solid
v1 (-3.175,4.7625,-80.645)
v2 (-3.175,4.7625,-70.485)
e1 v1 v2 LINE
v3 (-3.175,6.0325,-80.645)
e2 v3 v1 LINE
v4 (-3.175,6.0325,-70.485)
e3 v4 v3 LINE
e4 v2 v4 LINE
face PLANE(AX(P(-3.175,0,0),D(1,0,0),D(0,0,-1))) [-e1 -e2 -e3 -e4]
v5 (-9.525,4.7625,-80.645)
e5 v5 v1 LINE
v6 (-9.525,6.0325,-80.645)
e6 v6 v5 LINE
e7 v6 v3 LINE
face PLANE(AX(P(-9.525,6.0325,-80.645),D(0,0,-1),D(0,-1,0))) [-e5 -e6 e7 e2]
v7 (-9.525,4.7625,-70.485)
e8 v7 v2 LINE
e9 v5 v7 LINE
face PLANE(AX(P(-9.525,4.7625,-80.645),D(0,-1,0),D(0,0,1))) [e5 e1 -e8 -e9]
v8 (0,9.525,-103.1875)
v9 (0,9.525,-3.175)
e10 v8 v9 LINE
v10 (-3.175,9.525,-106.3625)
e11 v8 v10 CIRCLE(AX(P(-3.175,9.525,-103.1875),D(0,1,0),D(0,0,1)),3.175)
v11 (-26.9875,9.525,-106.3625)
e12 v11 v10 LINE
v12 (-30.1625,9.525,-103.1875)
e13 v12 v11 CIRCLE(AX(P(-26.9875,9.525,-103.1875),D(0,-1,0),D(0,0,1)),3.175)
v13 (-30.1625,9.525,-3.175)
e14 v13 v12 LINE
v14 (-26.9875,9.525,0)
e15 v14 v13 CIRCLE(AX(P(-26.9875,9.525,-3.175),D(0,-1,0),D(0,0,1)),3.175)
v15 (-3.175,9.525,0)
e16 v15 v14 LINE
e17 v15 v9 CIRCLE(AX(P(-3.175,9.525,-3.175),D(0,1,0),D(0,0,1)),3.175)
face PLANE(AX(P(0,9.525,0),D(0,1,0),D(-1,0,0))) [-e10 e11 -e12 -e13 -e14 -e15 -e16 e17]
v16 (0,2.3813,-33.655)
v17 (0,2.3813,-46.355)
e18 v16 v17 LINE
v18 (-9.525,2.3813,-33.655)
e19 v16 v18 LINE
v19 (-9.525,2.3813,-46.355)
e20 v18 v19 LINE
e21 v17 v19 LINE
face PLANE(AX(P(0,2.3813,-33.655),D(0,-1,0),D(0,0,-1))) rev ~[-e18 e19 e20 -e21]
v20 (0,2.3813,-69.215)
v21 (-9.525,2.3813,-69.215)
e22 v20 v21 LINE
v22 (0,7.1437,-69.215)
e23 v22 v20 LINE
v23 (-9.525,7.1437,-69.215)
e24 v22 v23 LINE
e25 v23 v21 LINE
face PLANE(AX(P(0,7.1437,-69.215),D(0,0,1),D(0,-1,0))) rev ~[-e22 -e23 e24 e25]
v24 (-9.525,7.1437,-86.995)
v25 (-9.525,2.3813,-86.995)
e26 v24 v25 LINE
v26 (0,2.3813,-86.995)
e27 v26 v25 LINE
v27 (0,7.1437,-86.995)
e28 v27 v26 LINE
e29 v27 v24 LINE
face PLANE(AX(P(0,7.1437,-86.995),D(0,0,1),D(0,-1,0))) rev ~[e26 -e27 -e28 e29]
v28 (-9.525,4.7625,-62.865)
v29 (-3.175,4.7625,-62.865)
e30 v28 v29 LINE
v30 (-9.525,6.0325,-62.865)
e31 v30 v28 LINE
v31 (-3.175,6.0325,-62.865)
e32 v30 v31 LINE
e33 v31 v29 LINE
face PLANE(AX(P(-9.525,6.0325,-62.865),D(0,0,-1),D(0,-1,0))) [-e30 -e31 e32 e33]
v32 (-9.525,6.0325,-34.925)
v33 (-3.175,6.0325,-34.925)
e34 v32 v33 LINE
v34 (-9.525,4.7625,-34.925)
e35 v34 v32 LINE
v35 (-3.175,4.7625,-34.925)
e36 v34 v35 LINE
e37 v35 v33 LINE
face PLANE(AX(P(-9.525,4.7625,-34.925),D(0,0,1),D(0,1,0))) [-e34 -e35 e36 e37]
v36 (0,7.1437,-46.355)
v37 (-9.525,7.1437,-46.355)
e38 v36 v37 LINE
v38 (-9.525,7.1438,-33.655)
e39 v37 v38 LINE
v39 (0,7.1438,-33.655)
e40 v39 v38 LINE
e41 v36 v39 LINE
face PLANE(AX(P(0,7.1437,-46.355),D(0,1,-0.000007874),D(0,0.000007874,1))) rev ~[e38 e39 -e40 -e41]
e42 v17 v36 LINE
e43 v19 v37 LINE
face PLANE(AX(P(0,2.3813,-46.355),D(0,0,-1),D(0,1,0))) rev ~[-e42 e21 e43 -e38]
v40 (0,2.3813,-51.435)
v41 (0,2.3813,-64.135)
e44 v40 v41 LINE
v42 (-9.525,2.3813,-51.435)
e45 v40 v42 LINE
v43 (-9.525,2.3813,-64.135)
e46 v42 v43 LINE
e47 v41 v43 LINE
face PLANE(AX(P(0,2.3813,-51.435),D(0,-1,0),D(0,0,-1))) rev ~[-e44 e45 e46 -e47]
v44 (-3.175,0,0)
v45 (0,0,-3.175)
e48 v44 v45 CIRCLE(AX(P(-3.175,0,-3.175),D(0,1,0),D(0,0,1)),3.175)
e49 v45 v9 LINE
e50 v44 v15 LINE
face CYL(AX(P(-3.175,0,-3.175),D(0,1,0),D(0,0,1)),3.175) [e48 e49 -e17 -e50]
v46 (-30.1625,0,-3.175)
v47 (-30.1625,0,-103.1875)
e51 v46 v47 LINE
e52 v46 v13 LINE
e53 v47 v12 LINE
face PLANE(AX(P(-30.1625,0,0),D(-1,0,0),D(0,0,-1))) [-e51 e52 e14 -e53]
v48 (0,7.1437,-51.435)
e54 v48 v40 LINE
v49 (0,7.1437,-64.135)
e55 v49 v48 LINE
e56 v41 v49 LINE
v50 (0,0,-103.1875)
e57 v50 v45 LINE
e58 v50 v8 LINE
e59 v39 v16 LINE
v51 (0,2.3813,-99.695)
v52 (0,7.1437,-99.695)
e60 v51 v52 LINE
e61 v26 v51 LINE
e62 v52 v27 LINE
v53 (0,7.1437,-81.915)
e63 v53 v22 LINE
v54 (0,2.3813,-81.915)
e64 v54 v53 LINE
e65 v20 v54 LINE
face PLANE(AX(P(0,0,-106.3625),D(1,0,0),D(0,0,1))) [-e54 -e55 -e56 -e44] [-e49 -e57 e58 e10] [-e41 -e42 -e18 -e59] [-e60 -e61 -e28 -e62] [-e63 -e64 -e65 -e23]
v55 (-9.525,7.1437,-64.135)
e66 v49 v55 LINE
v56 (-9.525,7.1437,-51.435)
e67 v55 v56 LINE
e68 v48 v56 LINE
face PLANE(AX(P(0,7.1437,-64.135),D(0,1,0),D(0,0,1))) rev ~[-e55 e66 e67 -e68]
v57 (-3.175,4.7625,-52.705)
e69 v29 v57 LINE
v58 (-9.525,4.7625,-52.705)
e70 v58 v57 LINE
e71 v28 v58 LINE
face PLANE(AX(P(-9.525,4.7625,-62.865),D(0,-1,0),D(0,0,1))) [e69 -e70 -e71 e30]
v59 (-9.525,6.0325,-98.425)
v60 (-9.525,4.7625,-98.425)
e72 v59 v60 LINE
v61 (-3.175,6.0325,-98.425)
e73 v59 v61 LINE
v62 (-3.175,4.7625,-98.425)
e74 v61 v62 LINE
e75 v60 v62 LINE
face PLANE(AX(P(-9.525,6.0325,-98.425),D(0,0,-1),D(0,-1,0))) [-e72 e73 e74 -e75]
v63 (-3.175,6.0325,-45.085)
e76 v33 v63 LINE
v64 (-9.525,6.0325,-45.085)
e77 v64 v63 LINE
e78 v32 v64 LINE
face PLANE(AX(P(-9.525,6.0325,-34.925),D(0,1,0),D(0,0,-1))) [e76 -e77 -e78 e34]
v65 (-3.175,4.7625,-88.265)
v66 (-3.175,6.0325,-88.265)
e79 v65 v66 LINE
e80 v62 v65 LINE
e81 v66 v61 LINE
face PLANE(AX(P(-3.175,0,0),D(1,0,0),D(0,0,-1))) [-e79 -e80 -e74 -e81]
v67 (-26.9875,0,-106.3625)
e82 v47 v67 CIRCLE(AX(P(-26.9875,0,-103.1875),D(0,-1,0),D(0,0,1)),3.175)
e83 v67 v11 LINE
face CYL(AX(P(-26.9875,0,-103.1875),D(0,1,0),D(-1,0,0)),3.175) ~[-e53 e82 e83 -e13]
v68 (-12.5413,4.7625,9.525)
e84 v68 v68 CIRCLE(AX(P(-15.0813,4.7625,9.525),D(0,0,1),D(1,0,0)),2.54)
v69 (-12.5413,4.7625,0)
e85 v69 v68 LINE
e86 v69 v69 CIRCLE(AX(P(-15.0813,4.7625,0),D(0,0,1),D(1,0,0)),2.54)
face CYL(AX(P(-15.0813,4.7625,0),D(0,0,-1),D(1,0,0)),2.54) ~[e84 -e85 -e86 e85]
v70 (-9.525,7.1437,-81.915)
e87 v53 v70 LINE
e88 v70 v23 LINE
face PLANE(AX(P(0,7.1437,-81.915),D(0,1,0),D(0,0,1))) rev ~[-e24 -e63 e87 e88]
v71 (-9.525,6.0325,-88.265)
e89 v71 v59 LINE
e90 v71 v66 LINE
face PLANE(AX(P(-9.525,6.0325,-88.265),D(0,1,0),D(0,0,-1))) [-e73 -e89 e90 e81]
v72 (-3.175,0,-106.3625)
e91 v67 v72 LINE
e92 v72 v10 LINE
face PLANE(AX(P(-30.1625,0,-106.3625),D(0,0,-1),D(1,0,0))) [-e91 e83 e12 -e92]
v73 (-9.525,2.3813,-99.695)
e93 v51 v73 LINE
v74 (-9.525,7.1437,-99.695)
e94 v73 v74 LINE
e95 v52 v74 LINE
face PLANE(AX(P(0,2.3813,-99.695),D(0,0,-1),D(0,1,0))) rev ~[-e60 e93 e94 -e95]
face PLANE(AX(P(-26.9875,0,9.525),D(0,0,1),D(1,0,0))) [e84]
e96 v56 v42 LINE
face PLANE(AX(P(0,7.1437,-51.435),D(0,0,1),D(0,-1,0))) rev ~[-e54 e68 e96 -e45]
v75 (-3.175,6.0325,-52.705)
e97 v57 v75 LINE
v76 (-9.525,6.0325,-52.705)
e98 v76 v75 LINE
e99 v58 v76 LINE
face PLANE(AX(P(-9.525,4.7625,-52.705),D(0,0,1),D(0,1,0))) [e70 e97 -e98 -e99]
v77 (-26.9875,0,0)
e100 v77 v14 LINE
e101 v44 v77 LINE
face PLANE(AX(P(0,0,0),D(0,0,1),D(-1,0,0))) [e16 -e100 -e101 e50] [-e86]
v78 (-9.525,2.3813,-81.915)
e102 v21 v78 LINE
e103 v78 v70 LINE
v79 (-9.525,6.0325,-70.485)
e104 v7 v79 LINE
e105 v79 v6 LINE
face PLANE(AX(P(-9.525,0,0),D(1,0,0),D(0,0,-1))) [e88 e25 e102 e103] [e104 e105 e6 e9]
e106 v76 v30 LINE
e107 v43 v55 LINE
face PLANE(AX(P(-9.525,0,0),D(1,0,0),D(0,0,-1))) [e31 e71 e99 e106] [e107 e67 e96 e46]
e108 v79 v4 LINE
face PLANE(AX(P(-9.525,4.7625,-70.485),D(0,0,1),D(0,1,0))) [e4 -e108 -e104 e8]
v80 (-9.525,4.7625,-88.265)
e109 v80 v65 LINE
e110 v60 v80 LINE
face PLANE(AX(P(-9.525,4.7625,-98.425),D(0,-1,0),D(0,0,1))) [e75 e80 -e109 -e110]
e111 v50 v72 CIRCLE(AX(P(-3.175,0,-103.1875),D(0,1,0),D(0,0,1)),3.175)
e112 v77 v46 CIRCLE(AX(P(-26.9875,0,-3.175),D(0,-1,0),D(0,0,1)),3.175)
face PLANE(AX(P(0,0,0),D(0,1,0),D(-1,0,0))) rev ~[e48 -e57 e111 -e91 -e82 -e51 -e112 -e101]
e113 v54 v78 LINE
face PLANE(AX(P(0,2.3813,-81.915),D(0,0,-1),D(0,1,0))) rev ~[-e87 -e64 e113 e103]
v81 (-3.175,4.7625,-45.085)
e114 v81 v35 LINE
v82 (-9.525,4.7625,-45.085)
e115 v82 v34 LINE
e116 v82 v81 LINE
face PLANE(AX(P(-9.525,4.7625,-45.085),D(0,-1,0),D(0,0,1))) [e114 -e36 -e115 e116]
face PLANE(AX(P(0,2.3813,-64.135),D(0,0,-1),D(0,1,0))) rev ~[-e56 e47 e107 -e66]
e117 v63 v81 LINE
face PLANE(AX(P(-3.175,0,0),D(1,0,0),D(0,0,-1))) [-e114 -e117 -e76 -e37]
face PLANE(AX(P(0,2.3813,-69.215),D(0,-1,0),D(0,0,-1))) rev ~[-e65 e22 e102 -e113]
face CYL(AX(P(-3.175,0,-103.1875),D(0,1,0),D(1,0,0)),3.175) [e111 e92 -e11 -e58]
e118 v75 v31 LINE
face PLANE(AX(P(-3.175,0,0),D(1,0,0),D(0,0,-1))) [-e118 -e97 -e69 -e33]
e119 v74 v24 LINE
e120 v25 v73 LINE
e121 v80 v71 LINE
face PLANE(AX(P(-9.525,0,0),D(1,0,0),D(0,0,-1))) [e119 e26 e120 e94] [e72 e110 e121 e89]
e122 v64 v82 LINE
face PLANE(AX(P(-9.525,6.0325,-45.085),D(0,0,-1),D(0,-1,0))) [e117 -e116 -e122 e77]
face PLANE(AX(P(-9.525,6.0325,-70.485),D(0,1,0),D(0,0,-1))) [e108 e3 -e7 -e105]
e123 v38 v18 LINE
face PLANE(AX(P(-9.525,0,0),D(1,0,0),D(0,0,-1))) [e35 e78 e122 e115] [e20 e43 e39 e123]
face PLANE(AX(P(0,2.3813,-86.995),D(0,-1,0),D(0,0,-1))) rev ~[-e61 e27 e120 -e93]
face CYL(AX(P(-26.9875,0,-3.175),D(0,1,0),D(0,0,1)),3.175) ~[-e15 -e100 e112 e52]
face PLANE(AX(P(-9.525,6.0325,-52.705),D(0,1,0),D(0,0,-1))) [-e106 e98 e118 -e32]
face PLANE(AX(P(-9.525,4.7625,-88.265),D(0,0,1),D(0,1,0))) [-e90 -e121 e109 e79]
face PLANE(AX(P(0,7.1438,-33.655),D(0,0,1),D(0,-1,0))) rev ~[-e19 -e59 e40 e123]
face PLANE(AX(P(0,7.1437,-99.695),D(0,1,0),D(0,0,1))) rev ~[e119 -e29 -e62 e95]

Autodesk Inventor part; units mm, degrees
ref_plane "YZ Plane" through (0, 0, 0) normal (1, 0, 0) x (0, 1, 0)
ref_plane "XZ Plane" through (0, 0, 0) normal (0, 1, 0) x (-1, 0, 0)
ref_plane "XY Plane" through (0, 0, 0) normal (0, 0, 1) x (1, 0, 0)
sketch "Sketch1" plane through (0, 0, 0) normal (0, 1, 0) x (-1, 0, 0)
  line L0 (0, 0) -> (30.1625, 0)
  line L1 (30.1625, 0) -> (30.1625, -106.3625)
  line L2 (30.1625, -106.3625) -> (0, -106.3625)
  line L3 (0, -106.3625) -> (0, 0)
  dimension "d0" = 30.1625
  dimension "d1" = 106.3625
extrude "Extrusion1" add sketch "Sketch1" along normal blind 9.525
sketch "Sketch2" plane through (0, 0, 0) normal (1, 0, 0) x (0, 0, -1)
  line L0 (0, 0) -> (0, 9.525) construction
  line L1 (0, 9.525) -> (106.3625, 9.525) construction
  line L2 (106.3625, 0) -> (106.3625, 9.525) construction
  line L3 (28.575, 9.525) -> (106.3625, 9.525) construction
  line L4 (106.3625, 9.525) -> (106.3625, 0) construction
  line L5 (106.3625, 0) -> (28.575, 0) construction
  line L6 (28.575, 0) -> (28.575, 9.525) construction
  line L7 (28.575, 4.7625) -> (28.575, 0) construction
  line L8 (28.575, 4.7625) -> (28.575, 2.3813) construction
  line L9 (28.575, 2.3813) -> (33.655, 2.3813) construction
  line L10 (33.655, 2.3813) -> (46.355, 2.3813)
  line L11 (46.355, 2.3813) -> (46.355, 7.1437)
  line L12 (46.355, 7.1437) -> (33.655, 7.1438)
  line L13 (33.655, 7.1438) -> (33.655, 2.3813)
  line L14 (46.355, 2.3813) -> (51.435, 2.3813) construction
  line L15 (51.435, 2.3813) -> (64.135, 2.3813)
  line L16 (64.135, 2.3813) -> (64.135, 7.1437)
  line L17 (64.135, 7.1437) -> (51.435, 7.1437)
  line L18 (51.435, 7.1437) -> (51.435, 2.3813)
  line L19 (64.135, 2.3813) -> (69.215, 2.3813)
  line L20 (69.215, 2.3813) -> (81.915, 2.3813)
  line L21 (81.915, 2.3813) -> (81.915, 7.1437)
  line L22 (81.915, 7.1437) -> (69.215, 7.1437)
  line L23 (69.215, 7.1437) -> (69.215, 2.3813)
  line L24 (81.915, 2.3813) -> (86.995, 2.3813)
  line L25 (81.915, 7.1437) -> (81.915, 2.3813)
  line L26 (86.995, 2.3813) -> (99.695, 2.3813)
  line L27 (99.695, 2.3813) -> (99.695, 7.1437)
  line L28 (99.695, 7.1437) -> (86.995, 7.1437)
  line L29 (86.995, 7.1437) -> (86.995, 2.3813)
  dimension "d7" = 2.3813
  dimension "d9" = 12.7
  dimension "d10" = 4.7625
  dimension "d12" = 12.7
  dimension "d13" = 4.7625
  dimension "d15" = 12.7
  dimension "d16" = 4.7625
  dimension "d20" = 28.575
  dimension "d21" = 12.7
  dimension "d22" = 4.7625
  dimension "d23" = 5.08
  dimension "d24" = 5.08
  dimension "d25" = 5.08
  dimension "d26" = 5.08
extrude "Extrusion2" cut sketch "Sketch2" against normal blind 9.525
fillet "Fillet1" radius 3.175 4 edges at (0, 4.7625, 0) (-30.1625, 4.7625, 0) (-30.1625, 4.7625, -106.3625) (0, 4.7625, -106.3625)
sketch "Sketch3" plane through (-26.9875, 0, 0) normal (0, 0, 1) x (1, 0, 0)
  line L0 (0, 0) -> (23.8125, 0) construction
  line L1 (11.9062, 0) -> (11.9062, 9.525) construction
  line L2 (23.8125, 9.525) -> (0, 9.525) construction
  circle A0 centre (11.9062, 4.7625) radius 2.54
  point P0 (26.9875, 0)
  dimension "d30" = 5.08
extrude "Extrusion3" add sketch "Sketch3" along normal blind 9.525
sketch "Sketch4" plane through (-9.525, 0, 0) normal (1, 0, 0) x (0, 0, -1)
  line L0 (33.655, 2.3813) -> (33.655, 7.1438) construction
  line L1 (33.655, 4.7625) -> (99.695, 4.7625) construction
  line L2 (99.695, 7.1437) -> (99.695, 2.3813) construction
  line L3 (40.005, 4.7625) -> (34.925, 4.7625) construction
  line L4 (34.925, 4.7625) -> (34.925, 6.0325) construction
  line L5 (34.925, 6.0325) -> (40.005, 6.0325) construction
  line L6 (40.005, 6.0325) -> (40.005, 4.7625) construction
  line L7 (57.785, 4.7625) -> (52.705, 4.7625) construction
  line L8 (52.705, 4.7625) -> (52.705, 6.0325) construction
  line L9 (52.705, 6.0325) -> (57.785, 6.0325) construction
  line L10 (57.785, 6.0325) -> (57.785, 4.7625) construction
  line L11 (75.565, 4.7625) -> (70.485, 4.7625) construction
  line L12 (70.485, 4.7625) -> (70.485, 6.0325) construction
  line L13 (70.485, 6.0325) -> (75.565, 6.0325) construction
  line L14 (75.565, 6.0325) -> (75.565, 4.7625) construction
  line L15 (93.345, 4.7625) -> (88.265, 4.7625) construction
  line L16 (88.265, 4.7625) -> (88.265, 6.0325) construction
  line L17 (88.265, 6.0325) -> (93.345, 6.0325) construction
  line L18 (93.345, 6.0325) -> (93.345, 4.7625) construction
  line L19 (93.345, 4.7625) -> (98.425, 4.7625) construction
  line L20 (75.565, 4.7625) -> (80.645, 4.7625) construction
  line L21 (57.785, 4.7625) -> (62.865, 4.7625) construction
  line L22 (40.005, 4.7625) -> (45.085, 4.7625) construction
  line L23 (34.925, 6.0325) -> (45.085, 6.0325)
  line L24 (45.085, 6.0325) -> (45.085, 4.7625)
  line L25 (45.085, 4.7625) -> (34.925, 4.7625)
  line L26 (34.925, 4.7625) -> (34.925, 6.0325)
  line L27 (52.705, 6.0325) -> (62.865, 6.0325)
  line L28 (62.865, 6.0325) -> (62.865, 4.7625)
  line L29 (62.865, 4.7625) -> (52.705, 4.7625)
  line L30 (52.705, 4.7625) -> (52.705, 6.0325)
  line L31 (70.485, 6.0325) -> (80.645, 6.0325)
  line L32 (80.645, 6.0325) -> (80.645, 4.7625)
  line L33 (80.645, 4.7625) -> (70.485, 4.7625)
  line L34 (70.485, 4.7625) -> (70.485, 6.0325)
  line L35 (88.265, 6.0325) -> (98.425, 6.0325)
  line L36 (98.425, 6.0325) -> (98.425, 4.7625)
  line L37 (98.425, 4.7625) -> (88.265, 4.7625)
  line L38 (88.265, 4.7625) -> (88.265, 6.0325)
  point P0 (0, 0)
  dimension "d33" = 5.08
  dimension "d34" = 1.27
  dimension "d35" = 5.08
  dimension "d36" = 1.27
  dimension "d37" = 5.08
  dimension "d38" = 1.27
  dimension "d39" = 5.08
  dimension "d40" = 1.27
  dimension "d41" = 5.08
  dimension "d42" = 5.08
  dimension "d43" = 5.08
  dimension "d44" = 5.08
extrude "Extrusion4" add sketch "Sketch4" along normal blind 6.35
properties part number "usbHub" material "ABS Plastic"
